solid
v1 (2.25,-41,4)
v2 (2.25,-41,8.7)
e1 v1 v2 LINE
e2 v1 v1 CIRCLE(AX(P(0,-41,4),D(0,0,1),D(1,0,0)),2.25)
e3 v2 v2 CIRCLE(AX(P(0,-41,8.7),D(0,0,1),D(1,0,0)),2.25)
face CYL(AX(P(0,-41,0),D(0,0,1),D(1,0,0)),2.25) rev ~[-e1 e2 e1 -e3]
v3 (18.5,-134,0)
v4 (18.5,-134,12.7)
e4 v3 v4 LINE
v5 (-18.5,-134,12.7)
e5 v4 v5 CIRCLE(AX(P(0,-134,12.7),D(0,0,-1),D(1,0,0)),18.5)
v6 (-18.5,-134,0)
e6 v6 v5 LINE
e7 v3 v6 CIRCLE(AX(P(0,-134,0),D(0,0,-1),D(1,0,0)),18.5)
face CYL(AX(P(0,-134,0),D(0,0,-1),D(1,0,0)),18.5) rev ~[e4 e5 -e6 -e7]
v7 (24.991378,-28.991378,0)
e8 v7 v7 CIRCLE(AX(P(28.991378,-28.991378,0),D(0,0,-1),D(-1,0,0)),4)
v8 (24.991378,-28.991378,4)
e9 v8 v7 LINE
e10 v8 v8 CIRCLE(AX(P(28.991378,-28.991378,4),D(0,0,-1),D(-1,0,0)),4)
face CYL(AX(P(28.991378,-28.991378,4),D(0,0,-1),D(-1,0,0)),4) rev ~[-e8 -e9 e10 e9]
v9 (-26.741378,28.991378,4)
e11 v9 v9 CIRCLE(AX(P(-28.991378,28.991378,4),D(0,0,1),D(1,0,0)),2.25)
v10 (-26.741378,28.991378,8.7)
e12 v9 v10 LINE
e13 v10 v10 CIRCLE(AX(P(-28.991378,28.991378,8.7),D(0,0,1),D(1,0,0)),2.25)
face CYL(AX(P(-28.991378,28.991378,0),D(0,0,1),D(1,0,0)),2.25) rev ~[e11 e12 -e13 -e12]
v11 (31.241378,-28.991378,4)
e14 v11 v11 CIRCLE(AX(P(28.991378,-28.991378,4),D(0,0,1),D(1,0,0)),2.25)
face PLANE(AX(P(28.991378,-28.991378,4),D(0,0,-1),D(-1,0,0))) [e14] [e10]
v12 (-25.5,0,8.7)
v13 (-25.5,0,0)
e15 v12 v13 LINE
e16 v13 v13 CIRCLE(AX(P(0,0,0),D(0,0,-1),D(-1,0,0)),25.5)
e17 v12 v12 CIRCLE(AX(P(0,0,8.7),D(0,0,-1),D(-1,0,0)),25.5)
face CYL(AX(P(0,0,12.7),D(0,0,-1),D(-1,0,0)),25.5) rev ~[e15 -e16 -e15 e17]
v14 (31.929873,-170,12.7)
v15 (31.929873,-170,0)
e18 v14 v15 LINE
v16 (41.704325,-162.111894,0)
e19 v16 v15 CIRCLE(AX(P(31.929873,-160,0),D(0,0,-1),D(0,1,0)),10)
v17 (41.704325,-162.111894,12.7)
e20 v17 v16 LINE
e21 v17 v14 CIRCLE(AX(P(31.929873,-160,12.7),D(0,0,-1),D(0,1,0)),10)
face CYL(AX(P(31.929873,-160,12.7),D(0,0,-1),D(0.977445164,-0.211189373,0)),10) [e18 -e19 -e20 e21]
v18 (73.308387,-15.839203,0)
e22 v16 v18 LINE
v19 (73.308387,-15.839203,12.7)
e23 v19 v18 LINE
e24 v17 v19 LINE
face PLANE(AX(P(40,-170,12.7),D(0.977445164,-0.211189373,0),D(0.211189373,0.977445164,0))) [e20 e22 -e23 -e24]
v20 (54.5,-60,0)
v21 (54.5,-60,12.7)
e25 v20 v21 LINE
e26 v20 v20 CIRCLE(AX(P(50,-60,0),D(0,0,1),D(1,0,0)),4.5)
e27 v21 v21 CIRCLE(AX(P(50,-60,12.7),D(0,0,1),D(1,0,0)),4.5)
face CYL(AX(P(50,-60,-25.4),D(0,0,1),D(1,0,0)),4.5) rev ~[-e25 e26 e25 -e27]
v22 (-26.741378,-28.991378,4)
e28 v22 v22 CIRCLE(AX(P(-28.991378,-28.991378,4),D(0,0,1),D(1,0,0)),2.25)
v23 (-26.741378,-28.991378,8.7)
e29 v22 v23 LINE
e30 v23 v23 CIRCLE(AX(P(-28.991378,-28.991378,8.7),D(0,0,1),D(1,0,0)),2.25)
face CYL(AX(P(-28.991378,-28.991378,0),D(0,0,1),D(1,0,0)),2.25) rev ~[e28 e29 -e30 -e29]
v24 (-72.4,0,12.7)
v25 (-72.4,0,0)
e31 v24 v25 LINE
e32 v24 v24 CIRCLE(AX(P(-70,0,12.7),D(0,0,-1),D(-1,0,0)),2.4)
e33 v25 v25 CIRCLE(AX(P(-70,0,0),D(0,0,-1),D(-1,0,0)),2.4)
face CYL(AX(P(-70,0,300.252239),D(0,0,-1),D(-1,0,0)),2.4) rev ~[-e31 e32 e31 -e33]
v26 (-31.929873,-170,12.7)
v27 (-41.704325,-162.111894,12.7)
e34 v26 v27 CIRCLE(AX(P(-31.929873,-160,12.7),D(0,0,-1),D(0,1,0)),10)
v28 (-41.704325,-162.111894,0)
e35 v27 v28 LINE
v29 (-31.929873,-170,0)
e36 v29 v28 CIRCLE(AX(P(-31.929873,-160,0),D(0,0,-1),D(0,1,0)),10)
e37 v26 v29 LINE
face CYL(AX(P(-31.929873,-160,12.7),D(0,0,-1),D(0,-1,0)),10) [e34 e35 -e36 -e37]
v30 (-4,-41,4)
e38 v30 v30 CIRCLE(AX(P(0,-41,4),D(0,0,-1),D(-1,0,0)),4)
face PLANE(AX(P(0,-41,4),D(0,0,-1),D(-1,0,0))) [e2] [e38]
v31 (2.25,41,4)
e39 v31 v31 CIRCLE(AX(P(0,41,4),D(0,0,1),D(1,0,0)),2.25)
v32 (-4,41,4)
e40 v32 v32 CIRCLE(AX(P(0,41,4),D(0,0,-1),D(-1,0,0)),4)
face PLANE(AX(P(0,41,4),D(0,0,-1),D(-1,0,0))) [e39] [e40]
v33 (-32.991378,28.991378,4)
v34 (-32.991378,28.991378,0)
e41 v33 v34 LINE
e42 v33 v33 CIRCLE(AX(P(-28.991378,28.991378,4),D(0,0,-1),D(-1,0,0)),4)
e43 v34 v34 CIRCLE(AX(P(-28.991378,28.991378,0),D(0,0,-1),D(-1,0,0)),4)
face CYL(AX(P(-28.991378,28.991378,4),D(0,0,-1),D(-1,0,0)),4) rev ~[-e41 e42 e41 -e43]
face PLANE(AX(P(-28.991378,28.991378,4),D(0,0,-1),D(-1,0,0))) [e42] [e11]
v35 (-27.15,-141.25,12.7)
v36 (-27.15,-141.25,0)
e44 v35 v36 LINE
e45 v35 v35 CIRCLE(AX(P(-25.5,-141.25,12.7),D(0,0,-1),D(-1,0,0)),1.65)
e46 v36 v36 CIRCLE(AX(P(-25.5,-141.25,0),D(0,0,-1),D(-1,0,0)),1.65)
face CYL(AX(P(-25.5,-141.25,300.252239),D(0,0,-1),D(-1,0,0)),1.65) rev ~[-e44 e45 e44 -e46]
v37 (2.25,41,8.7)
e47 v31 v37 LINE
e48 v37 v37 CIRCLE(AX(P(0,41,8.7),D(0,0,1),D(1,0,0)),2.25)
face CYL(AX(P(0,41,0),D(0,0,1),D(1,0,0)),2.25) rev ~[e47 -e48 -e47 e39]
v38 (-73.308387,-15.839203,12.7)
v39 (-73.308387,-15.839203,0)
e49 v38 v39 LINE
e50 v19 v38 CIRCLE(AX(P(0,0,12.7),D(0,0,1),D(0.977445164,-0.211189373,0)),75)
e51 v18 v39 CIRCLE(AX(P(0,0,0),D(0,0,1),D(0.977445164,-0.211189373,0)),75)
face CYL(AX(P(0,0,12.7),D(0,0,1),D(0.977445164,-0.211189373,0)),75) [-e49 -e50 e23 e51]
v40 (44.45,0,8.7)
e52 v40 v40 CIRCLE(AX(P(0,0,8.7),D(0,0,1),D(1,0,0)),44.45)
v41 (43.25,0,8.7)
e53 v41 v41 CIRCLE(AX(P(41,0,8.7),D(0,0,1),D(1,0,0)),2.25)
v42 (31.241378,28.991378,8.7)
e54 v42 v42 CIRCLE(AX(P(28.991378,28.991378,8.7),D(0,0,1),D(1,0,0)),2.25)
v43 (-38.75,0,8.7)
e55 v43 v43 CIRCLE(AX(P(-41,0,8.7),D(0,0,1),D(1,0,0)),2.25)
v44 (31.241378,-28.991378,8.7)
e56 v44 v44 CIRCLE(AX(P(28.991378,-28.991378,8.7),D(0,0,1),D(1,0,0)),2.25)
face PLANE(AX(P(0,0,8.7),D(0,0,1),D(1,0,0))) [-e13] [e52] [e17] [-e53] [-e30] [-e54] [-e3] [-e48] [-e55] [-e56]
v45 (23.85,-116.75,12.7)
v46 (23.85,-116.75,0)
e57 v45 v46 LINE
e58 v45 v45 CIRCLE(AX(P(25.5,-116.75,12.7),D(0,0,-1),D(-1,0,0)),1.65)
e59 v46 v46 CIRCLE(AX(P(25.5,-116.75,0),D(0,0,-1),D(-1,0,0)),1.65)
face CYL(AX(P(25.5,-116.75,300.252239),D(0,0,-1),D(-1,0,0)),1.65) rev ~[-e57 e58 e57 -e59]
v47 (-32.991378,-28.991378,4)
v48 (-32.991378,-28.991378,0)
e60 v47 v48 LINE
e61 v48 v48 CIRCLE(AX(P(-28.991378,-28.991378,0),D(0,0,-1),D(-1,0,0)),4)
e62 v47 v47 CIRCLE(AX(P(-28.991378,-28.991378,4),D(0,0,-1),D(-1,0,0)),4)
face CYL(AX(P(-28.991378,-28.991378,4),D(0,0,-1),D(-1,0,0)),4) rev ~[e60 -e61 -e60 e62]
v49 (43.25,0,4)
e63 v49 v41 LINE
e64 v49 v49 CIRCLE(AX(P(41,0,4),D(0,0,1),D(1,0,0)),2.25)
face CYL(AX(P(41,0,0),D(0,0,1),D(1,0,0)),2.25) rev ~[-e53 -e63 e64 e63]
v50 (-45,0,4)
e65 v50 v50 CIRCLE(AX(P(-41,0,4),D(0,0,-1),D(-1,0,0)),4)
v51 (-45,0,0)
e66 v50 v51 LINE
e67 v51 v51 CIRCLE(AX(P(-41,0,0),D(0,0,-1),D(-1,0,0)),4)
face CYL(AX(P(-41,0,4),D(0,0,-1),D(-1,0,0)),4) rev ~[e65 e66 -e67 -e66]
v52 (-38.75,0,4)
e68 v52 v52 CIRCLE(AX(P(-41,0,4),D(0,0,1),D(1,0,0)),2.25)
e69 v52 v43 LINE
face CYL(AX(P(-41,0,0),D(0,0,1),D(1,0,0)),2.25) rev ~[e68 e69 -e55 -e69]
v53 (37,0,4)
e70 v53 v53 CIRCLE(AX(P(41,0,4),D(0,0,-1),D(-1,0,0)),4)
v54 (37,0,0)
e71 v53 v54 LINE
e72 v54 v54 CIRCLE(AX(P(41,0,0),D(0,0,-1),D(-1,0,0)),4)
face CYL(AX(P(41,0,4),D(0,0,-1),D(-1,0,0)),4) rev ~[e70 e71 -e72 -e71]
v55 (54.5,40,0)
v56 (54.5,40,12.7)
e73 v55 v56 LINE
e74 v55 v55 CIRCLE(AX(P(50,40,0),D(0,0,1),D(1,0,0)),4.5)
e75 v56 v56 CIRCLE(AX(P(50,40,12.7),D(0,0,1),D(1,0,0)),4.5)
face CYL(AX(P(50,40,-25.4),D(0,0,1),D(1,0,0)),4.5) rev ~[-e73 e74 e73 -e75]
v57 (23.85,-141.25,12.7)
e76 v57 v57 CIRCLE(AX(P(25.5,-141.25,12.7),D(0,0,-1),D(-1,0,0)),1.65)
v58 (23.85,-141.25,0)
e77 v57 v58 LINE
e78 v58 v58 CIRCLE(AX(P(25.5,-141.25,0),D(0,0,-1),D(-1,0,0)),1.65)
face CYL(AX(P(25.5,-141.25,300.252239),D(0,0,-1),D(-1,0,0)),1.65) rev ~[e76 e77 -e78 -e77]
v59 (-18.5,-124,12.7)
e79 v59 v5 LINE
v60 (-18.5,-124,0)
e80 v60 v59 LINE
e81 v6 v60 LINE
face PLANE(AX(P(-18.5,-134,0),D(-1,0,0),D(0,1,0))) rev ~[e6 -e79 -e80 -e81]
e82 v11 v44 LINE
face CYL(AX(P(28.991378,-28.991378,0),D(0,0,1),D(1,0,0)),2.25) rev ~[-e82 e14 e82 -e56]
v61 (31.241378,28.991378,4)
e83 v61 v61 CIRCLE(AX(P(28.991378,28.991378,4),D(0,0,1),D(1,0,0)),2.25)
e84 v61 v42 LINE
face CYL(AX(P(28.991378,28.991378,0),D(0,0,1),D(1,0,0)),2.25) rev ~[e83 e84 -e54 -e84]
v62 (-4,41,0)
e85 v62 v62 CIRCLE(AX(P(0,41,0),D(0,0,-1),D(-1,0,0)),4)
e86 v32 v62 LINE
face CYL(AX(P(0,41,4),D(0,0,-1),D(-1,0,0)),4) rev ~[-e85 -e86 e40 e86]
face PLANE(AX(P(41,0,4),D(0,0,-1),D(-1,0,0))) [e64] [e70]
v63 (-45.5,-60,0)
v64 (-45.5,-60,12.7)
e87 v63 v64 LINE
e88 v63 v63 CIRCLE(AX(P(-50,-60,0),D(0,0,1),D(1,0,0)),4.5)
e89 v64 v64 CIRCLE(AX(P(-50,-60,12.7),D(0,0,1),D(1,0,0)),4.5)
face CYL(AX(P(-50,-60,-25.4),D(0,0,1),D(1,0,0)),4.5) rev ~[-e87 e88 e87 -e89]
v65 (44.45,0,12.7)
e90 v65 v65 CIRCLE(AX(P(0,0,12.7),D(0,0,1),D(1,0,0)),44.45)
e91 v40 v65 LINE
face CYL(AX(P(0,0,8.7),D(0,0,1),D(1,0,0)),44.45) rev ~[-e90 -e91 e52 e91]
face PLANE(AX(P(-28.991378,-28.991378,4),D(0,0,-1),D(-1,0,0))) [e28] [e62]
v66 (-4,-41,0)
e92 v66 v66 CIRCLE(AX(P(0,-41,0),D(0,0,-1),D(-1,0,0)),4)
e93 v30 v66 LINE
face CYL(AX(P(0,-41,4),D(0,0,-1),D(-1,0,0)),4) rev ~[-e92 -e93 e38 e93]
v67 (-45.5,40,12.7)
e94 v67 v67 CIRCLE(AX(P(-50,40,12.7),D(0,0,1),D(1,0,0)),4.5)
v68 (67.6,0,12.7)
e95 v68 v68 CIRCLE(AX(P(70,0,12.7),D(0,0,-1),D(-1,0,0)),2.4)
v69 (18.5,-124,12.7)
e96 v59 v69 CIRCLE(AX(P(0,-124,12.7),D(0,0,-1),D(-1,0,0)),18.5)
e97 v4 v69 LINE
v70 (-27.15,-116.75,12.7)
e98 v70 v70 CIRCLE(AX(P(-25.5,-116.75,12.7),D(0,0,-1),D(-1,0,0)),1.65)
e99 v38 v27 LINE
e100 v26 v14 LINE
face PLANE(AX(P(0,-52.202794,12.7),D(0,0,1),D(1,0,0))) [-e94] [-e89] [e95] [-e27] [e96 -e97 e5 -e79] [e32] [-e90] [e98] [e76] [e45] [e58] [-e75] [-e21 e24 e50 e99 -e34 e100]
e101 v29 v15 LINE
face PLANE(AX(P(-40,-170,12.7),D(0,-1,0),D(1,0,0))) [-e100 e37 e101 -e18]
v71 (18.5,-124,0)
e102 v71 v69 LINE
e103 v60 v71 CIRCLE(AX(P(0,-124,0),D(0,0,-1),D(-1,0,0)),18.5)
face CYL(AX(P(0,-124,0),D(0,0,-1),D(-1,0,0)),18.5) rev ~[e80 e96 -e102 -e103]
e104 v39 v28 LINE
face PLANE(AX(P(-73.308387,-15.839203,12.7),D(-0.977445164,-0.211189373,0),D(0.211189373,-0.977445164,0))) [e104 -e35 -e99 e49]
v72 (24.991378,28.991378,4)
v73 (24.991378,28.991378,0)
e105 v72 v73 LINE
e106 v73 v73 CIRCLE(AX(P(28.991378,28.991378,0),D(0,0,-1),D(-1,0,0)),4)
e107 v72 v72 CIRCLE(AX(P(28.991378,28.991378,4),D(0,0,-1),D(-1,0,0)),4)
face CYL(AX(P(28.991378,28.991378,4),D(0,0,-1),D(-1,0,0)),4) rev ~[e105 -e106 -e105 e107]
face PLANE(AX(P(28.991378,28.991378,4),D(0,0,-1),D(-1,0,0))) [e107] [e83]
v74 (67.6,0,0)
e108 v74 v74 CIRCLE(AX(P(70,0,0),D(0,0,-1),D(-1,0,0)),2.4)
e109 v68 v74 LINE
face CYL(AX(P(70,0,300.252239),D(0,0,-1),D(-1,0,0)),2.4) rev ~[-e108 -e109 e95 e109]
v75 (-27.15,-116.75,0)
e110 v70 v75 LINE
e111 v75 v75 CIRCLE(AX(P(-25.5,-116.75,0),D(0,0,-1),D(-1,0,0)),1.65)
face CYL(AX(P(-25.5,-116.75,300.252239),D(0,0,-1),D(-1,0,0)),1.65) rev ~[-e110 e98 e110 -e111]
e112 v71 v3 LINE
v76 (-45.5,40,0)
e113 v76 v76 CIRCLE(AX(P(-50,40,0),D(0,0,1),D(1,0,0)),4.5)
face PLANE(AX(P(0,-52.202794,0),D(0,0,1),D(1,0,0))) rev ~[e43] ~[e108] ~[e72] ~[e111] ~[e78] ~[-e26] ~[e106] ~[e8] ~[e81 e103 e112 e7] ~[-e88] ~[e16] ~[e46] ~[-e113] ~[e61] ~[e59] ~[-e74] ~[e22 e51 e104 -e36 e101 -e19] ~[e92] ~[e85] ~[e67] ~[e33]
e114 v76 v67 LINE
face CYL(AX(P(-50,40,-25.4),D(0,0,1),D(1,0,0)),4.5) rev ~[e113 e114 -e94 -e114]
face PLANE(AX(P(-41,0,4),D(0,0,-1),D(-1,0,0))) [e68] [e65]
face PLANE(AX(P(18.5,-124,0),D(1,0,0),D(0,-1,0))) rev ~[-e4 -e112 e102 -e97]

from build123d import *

# Parameters (mm, degrees)
BOSS_EXTRUDE1_DEPTH            = 12.7
CUT_EXTRUDE1_DEPTH             = 187.242556898
M8_CLEARANCE_HOLE1_D           = 9
M8_CLEARANCE_HOLE1_DEPTH       = 25.4
M8_CLEARANCE_HOLE1_TIP         = 2.703872786
M4X0_7_TAPPED_HOLE1_D          = 3.3
M4_CLEARANCE_HOLE1_D           = 4.8
HOLE2_D                        = 51
HOLE2_CBORE_D                  = 88.9
HOLE2_CBORE_DEPTH              = 4
CBORE_FOR_M4_SHCS1_D           = 4.5
CBORE_FOR_M4_SHCS1_CBORE_D     = 8
CBORE_FOR_M4_SHCS1_CBORE_DEPTH = 4
FILLET1_R                      = 10


with BuildPart() as part:
    # Sketch1 → Boss-Extrude1 (new body)
    with BuildSketch(Plane.XY.offset(12.7)):
        with BuildLine():
            Line((40, -170), (73.308387301, -15.839202988))
            ThreePointArc((73.308387301, -15.839202988), (0, 75), (-73.308387301, -15.839202988))
            Line((-73.308387301, -15.839202988), (-40, -170))
            Line((-40, -170), (40, -170))
        make_face()
    extrude(amount=-BOSS_EXTRUDE1_DEPTH)

    # Sketch2 → Cut-Extrude1 (cut, through all)
    with BuildSketch(Plane(origin=(0, 0, 0), x_dir=(-1, 0, 0), z_dir=(0, 0, -1))):
        with BuildLine():
            Line((-18.5, -124), (-18.5, -134))
            ThreePointArc((-18.5, -134), (0, -152.5), (18.5, -134))
            Line((18.5, -134), (18.5, -124))
            ThreePointArc((18.5, -124), (0, -105.5), (-18.5, -124))
        make_face()
    extrude(amount=-CUT_EXTRUDE1_DEPTH, mode=Mode.SUBTRACT)

    # M8 Clearance Hole1
    with Locations(Plane(origin=(0, 0, 0), x_dir=(-1, 0, 0), z_dir=(0, 0, -1))):
        with Locations((-50, -60), (50, -60), (-50, 40), (50, 40)):
            Hole(M8_CLEARANCE_HOLE1_D / 2, depth=M8_CLEARANCE_HOLE1_DEPTH)
            with Locations((0, 0, -(M8_CLEARANCE_HOLE1_DEPTH + M8_CLEARANCE_HOLE1_TIP / 2))):  # 118° drill point
                Cone(0, M8_CLEARANCE_HOLE1_D / 2, M8_CLEARANCE_HOLE1_TIP, mode=Mode.SUBTRACT)

    # M4x0.7 Tapped Hole1 (through all)
    with Locations(Plane.XY.offset(12.7)):
        with Locations((-25.5, -116.75), (-25.5, -141.25), (25.5, -116.75), (25.5, -141.25)):
            Hole(M4X0_7_TAPPED_HOLE1_D / 2)

    # M4 Clearance Hole1 (through all)
    with Locations(Plane.XY.offset(12.7)):
        with Locations((70, 0), (-70, 0)):
            Hole(M4_CLEARANCE_HOLE1_D / 2)

    # Hole2 (through all)
    with Locations(Plane.XY.offset(12.7)):
        with Locations((0, 0)):
            CounterBoreHole(HOLE2_D / 2, HOLE2_CBORE_D / 2, HOLE2_CBORE_DEPTH)

    # CBORE for M4 SHCS1 (through all)
    with Locations(Plane(origin=(0, 0, 0), x_dir=(-1, 0, 0), z_dir=(0, 0, -1))):
        with Locations((28.991378029, 28.991378029), (41, 0), (28.991378029, -28.991378029), (0, -41), (-28.991378029, -28.991378029), (-41, 0), (-28.991378029, 28.991378029), (0, 41)):
            CounterBoreHole(CBORE_FOR_M4_SHCS1_D / 2, CBORE_FOR_M4_SHCS1_CBORE_D / 2, CBORE_FOR_M4_SHCS1_CBORE_DEPTH)

    # Fillet1
    fillet1_edges = [part.edges().sort_by_distance(p)[0] for p in [
        (-40, -170, 6.35),
        (40, -170, 6.35),
    ]]
    fillet(fillet1_edges, radius=FILLET1_R)


solid = part.part
